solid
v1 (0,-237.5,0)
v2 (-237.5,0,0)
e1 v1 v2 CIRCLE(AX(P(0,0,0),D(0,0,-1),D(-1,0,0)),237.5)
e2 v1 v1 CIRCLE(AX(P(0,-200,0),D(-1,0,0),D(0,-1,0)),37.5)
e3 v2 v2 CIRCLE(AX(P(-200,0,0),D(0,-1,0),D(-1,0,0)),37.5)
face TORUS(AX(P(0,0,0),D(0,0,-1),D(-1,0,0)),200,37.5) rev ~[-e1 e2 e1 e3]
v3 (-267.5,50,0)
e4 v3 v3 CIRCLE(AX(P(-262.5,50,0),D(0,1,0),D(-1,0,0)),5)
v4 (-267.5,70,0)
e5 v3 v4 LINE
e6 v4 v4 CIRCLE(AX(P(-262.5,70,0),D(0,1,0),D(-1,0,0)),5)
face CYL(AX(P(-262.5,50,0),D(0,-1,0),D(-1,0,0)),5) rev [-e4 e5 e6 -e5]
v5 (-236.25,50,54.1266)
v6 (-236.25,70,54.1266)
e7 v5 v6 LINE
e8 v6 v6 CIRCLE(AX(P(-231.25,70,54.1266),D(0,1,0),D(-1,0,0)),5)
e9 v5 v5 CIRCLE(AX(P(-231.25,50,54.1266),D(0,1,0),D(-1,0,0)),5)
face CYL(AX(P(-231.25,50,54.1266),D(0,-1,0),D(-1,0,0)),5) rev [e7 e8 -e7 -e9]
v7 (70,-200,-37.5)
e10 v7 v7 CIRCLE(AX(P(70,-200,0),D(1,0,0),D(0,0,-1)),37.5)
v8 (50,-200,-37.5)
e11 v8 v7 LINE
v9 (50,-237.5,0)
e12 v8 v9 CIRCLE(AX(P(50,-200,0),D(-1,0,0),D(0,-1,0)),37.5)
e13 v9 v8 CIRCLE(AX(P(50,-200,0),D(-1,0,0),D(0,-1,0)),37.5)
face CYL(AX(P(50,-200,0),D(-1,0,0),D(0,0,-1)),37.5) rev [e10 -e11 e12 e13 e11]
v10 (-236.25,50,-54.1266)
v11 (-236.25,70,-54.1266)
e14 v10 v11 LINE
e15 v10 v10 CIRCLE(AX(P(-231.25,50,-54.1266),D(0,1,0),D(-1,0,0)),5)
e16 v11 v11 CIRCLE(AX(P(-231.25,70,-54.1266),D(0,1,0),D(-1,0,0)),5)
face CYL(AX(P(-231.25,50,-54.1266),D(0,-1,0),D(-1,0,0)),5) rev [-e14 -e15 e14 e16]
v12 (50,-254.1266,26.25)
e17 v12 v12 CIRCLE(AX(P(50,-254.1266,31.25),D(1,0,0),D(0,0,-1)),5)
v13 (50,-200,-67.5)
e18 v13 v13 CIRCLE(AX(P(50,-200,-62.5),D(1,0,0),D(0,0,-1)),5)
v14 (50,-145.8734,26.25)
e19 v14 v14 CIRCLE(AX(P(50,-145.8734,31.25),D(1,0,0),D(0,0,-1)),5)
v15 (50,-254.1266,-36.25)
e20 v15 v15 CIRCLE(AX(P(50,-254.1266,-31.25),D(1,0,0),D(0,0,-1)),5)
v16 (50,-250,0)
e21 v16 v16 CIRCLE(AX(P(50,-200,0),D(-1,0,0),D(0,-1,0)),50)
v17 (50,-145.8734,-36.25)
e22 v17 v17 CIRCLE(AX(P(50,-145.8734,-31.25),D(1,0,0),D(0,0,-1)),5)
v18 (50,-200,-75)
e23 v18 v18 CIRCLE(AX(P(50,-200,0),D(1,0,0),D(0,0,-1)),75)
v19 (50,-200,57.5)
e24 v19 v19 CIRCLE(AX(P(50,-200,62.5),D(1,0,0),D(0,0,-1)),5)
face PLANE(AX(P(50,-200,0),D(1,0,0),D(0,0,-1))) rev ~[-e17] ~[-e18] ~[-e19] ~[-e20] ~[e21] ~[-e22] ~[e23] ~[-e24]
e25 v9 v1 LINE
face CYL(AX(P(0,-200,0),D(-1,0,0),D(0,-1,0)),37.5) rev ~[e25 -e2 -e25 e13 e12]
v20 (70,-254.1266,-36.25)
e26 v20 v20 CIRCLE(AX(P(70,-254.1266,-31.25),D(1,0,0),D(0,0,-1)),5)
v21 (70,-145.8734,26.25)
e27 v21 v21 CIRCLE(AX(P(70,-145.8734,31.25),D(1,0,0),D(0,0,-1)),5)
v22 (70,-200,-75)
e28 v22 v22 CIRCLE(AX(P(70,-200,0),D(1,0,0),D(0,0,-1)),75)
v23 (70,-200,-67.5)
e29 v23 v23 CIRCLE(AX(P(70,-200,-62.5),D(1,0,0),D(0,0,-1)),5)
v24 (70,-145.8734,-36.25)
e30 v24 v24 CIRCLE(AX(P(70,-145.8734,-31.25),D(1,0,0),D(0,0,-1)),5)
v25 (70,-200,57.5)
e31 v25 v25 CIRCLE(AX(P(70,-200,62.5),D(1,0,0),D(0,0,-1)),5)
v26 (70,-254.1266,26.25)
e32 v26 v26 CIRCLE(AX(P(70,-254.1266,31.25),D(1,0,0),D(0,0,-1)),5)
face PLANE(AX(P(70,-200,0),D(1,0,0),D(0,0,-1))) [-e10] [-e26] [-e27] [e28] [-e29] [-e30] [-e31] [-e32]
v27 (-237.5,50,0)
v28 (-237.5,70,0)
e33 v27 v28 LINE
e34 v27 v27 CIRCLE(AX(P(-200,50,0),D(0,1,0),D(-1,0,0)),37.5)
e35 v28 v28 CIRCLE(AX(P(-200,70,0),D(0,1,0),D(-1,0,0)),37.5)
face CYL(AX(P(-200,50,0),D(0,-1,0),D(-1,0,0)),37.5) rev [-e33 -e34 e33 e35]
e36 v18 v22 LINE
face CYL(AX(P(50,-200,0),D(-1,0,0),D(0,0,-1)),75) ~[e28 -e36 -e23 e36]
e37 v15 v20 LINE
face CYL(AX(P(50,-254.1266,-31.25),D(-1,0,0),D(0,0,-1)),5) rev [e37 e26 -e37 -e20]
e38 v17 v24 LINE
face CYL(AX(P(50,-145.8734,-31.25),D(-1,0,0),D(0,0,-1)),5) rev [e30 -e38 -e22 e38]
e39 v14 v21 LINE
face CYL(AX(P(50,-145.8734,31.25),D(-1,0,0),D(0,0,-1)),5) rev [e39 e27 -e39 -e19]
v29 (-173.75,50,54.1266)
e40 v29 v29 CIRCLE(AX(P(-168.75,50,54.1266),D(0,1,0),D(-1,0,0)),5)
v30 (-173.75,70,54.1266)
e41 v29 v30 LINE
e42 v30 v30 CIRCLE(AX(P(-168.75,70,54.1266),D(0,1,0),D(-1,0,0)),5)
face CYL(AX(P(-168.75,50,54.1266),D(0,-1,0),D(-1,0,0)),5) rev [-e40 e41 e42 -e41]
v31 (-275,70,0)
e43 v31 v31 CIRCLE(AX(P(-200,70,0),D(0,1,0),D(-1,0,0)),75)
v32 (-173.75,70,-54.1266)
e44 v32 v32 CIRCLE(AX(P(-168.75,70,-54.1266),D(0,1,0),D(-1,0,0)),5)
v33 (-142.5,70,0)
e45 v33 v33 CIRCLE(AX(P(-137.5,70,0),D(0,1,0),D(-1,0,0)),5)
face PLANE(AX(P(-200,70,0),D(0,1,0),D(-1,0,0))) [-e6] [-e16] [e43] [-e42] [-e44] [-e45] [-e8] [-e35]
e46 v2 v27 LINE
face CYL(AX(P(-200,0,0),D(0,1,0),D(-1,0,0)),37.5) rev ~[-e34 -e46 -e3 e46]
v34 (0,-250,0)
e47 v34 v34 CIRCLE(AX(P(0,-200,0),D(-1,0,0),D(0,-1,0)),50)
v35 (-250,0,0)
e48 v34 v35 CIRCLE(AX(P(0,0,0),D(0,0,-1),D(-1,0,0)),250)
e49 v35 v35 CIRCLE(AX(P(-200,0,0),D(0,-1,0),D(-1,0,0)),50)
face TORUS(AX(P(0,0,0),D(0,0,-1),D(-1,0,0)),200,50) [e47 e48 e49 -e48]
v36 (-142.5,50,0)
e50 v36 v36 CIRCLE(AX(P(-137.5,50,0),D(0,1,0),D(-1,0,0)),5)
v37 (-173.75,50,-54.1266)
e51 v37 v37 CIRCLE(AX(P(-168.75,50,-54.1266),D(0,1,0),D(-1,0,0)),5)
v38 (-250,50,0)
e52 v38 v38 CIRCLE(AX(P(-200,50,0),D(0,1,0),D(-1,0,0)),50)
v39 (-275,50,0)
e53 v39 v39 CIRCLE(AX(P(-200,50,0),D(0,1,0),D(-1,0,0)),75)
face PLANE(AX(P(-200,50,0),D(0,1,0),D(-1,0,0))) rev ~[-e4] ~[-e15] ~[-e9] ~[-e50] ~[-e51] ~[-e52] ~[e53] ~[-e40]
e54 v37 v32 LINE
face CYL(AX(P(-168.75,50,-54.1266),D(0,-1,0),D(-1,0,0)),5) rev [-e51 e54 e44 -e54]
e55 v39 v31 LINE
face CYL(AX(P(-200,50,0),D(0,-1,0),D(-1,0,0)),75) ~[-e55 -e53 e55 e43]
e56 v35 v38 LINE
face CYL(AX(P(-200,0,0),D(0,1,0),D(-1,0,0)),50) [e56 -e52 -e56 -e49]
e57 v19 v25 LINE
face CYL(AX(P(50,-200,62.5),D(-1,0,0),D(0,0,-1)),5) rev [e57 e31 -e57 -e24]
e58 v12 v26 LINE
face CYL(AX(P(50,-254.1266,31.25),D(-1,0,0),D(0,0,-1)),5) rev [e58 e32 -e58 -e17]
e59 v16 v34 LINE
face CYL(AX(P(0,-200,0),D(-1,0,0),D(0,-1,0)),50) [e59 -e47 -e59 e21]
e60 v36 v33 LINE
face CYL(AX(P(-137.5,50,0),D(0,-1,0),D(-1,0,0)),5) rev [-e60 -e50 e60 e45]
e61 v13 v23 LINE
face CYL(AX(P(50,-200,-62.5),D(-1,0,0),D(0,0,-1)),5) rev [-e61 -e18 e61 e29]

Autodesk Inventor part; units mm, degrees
ref_plane "YZ Plane" through (0, 0, 0) normal (1, 0, 0) x (0, 1, 0)
ref_plane "XZ Plane" through (0, 0, 0) normal (0, 1, 0) x (-1, 0, 0)
ref_plane "XY Plane" through (0, 0, 0) normal (0, 0, 1) x (1, 0, 0)
sketch "Sketch1" plane through (0, 0, 0) normal (0, 0, 1) x (1, 0, 0)
  line L0 (-265.2211, 0) -> (0, 0)
  line L1 (0, 0) -> (0, -436.8243)
  arc A0 (-200, 0) -> (0, -200) centre (0, 0) ccw
  line L2 (-200, 0) -> (-200, 50)
  line L3 (0, -200) -> (50, -200)
  dimension "d30" = 400
  dimension "d31" = 50
  dimension "d32" = 50
ref_plane "Work Plane1" through (-200, 50, 0) normal (0, 1, 0) x (-1, 0, 0)
sketch "Sketch2" plane through (-200, 50, 0) normal (0, 1, 0) x (-1, 0, 0)
  circle A0 centre (0, 0) radius 75
  circle A1 centre (0, 0) radius 37.5
  circle A2 centre (62.5, 0) radius 5
  circle A3 centre (31.25, 54.1266) radius 5
  circle A4 centre (-31.25, 54.1266) radius 5
  circle A5 centre (-62.5, 0) radius 5
  circle A6 centre (-31.25, -54.1266) radius 5
  circle A7 centre (31.25, -54.1266) radius 5
  point P0 (-200, 0)
  dimension "d3" = 150
  dimension "d4" = 75
  dimension "d5" = 10
  dimension "d6" = 62.5
  dimension "d9" = 360
sketch "Sketch3" plane through (-200, 50, 0) normal (0, 1, 0) x (-1, 0, 0)
  circle A0 centre (0, 0) radius 50
  circle A1 centre (0, 0) radius 37.5
  point P0 (-200, 0)
  dimension "d11" = 100
  dimension "d12" = 75
sweep "Sweep2" add profiles "Sketch3" path "Sketch1" path curves L2 A0 L3
extrude "Extrusion3" add sketch "Sketch2" along normal blind 20
sketch "Sketch5" plane through (50, -200, 0) normal (1, 0, 0) x (0, 0, -1)
  circle A0 centre (0, 0) radius 75
  circle A1 centre (0, 0) radius 37.5
  circle A2 centre (62.5, 0) radius 5
  circle A3 centre (31.25, 54.1266) radius 5
  circle A4 centre (-31.25, 54.1266) radius 5
  circle A5 centre (-62.5, 0) radius 5
  circle A6 centre (-31.25, -54.1266) radius 5
  circle A7 centre (31.25, -54.1266) radius 5
  point P0 (0, 200)
  dimension "d39" = 150
  dimension "d40" = 75
  dimension "d41" = 10
  dimension "d42" = 62.5
  dimension "d43" = 360
extrude "Extrusion4" add sketch "Sketch5" along normal blind 20
equation "\"d30\" = Elbow_Diameter"
equation "\"d31\" = Elbow_Length"
equation "\"d32\" = Elbow_Length"
equation "\"d3\" = Flange_Diameter"
equation "\"d4\" = Inner_Diameter"
equation "\"d5\" = Hole_Diameter"
equation "\"d6\" = Hole_Position"
equation "\"d11\" = Outer_Diameter"
equation "\"d12\" = Inner_Diameter"
equation "\"d35\" = Flange_Hight"
equation "\"d39\" = Flange_Diameter"
equation "\"d40\" = Inner_Diameter"
equation "\"d41\" = Hole_Diameter"
equation "\"d42\" = Hole_Position"
equation "\"d48\" = Flange_Hight"
equation "\"Elbow_Diameter\" = 400"
equation "\"Elbow_Length\" = 50"
equation "\"Flange_Diameter\" = 150"
equation "\"Inner_Diameter\" = 75"
equation "\"Fillet_Radius\" = 6"
equation "\"Flange_Hight\" = 20"
equation "\"Hole_Position\" = 0.166667 * Inner_Diameter + 0.333333 * Flange_Diameter"
equation "\"Hole_Diameter\" = 10"
equation "\"Outer_Diameter\" = 100"
properties part number "Parametric" material "Steel, Mild"
